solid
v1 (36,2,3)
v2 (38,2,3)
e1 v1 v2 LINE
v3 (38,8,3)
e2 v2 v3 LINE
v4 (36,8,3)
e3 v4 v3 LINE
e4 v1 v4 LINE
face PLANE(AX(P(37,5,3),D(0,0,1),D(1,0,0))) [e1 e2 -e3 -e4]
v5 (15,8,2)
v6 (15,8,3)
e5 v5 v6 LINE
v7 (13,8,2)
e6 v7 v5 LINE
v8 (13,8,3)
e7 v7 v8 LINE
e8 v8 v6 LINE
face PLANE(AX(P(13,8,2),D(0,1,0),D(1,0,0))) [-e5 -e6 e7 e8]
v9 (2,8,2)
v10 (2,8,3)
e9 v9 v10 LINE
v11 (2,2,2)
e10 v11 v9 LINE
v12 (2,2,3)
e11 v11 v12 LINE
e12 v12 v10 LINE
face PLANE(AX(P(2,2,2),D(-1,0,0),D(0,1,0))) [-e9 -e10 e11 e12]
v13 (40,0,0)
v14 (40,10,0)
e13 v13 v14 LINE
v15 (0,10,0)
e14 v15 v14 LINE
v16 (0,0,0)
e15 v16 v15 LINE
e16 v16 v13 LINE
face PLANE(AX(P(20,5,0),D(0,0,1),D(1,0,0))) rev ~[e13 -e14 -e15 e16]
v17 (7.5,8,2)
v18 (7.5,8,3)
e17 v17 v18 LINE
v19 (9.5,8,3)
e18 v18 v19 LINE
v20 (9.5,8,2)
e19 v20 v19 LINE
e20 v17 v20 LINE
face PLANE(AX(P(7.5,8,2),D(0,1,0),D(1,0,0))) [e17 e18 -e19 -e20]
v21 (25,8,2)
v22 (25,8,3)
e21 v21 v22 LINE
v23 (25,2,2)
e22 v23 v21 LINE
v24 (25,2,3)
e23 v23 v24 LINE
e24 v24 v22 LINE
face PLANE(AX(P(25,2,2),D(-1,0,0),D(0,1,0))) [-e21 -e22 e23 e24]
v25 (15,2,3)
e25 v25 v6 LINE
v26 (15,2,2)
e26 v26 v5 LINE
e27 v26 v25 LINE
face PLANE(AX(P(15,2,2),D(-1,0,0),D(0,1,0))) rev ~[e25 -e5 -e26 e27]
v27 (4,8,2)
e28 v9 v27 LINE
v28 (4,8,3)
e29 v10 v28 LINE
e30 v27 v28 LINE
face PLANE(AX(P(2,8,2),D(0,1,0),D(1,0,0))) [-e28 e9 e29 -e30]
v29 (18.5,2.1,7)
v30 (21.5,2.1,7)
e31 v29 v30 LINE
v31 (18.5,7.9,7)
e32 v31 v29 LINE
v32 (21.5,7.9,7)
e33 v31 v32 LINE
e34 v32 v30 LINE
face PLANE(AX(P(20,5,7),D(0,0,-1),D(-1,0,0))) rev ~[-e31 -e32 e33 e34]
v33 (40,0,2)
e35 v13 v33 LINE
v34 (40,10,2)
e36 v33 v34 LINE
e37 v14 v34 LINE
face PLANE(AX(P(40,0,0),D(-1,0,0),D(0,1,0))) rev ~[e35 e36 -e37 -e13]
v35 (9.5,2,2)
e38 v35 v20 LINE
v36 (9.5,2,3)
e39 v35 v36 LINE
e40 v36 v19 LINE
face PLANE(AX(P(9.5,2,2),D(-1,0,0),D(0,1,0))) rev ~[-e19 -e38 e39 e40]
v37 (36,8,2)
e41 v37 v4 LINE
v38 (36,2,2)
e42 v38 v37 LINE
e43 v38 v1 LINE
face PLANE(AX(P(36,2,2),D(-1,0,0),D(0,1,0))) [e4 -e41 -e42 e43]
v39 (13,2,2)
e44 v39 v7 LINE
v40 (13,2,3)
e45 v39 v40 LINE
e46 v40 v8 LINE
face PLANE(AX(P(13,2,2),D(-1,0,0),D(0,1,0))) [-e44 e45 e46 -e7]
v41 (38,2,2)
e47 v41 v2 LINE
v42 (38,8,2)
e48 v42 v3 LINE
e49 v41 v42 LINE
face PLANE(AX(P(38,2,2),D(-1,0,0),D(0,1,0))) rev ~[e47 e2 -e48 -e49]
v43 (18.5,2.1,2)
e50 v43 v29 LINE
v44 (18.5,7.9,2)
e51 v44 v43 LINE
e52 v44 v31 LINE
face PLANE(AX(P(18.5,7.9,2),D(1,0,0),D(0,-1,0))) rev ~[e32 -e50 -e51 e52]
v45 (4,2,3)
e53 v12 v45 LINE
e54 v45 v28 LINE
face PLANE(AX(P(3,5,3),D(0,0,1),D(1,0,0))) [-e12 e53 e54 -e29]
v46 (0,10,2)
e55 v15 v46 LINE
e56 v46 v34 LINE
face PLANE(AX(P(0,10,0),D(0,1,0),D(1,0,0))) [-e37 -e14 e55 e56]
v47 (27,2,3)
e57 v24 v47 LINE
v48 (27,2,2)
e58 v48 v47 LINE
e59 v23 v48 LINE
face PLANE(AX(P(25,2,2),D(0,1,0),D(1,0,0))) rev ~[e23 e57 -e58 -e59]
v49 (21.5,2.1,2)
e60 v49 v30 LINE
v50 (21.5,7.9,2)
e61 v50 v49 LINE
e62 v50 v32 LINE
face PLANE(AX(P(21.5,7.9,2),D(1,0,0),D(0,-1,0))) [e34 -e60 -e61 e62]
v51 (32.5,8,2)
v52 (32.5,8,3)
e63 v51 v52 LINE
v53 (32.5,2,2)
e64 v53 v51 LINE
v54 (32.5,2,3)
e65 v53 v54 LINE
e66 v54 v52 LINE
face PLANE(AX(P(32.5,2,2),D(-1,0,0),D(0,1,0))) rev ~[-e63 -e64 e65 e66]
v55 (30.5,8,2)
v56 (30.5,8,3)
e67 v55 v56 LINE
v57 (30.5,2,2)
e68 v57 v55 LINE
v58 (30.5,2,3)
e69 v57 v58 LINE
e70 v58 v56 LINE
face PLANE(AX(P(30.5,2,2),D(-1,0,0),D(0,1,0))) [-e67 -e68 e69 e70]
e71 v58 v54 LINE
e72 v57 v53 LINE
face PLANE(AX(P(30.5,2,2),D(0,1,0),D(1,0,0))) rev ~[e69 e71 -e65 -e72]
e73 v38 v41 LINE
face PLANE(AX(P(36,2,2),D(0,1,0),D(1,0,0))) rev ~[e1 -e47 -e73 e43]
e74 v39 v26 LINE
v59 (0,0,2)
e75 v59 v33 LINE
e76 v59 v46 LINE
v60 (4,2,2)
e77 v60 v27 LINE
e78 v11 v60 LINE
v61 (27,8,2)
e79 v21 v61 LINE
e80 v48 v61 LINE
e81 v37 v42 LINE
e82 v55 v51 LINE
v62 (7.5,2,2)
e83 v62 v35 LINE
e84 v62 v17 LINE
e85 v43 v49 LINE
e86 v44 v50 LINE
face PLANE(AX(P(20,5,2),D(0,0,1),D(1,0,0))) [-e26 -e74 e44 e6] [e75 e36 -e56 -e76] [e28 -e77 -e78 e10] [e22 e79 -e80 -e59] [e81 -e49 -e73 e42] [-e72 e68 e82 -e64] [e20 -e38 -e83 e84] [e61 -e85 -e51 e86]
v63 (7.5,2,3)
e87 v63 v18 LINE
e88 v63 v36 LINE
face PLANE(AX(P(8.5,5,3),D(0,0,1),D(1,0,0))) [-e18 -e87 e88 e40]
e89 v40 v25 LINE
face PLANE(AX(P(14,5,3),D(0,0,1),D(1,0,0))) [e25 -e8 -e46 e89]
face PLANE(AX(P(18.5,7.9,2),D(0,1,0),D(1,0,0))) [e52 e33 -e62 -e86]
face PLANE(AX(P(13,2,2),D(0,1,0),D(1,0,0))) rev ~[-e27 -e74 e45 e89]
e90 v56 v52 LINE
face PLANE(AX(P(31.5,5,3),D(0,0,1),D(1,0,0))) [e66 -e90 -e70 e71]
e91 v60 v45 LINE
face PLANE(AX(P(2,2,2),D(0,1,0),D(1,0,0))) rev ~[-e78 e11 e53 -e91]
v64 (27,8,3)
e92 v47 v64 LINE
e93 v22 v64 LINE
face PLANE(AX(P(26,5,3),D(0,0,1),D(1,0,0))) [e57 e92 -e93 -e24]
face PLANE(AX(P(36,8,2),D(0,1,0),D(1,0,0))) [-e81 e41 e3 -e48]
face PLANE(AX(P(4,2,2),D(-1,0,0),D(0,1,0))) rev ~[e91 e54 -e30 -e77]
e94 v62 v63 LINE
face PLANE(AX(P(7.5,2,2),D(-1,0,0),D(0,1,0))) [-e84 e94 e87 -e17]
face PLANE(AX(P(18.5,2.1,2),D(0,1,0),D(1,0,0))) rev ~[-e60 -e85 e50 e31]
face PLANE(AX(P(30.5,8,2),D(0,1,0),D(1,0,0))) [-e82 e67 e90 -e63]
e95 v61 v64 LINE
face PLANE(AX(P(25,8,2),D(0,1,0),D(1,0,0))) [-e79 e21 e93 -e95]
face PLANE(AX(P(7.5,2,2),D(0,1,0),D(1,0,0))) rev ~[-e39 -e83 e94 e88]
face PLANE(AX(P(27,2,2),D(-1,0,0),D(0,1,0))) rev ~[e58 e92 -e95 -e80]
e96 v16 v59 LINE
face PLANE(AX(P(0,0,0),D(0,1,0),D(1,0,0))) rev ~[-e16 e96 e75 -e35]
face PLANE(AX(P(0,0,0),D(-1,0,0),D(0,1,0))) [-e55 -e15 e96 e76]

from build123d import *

# Parameters (mm, degrees)
SKETCH_W     = 40
SKETCH_H     = 10
PAD_DEPTH    = 2
PAD001_DEPTH = 5
SKETCH002_W  = 2
SKETCH002_H  = 6
PAD002_DEPTH = 1


with BuildPart() as part:
    # Sketch → Pad (new body)
    with BuildSketch(Plane.XY):
        with Locations((20, 5)):
            Rectangle(SKETCH_W, SKETCH_H)
    extrude(amount=PAD_DEPTH)

    # Sketch001 → Pad001 (new body)
    with BuildSketch(Plane.XY.offset(2)):
        Polygon((18.5, 2.1), (18.5, 5), (18.5, 7.9), (21.5, 7.9), (21.5, 2.1), (20, 2.1), align=None)
    extrude(amount=PAD001_DEPTH)

    # Sketch002 → Pad002 (new body)
    with BuildSketch(Plane.XY.offset(2)):
        with Locations((3, 5)):
            Rectangle(SKETCH002_W, SKETCH002_H)
        with Locations((8.5, 5)):
            Rectangle(SKETCH002_W, SKETCH002_H)
        with Locations((14, 5)):
            Rectangle(SKETCH002_W, SKETCH002_H)
        with Locations((26, 5)):
            Rectangle(SKETCH002_W, SKETCH002_H)
        with Locations((31.5, 5)):
            Rectangle(SKETCH002_W, SKETCH002_H)
        with Locations((37, 5)):
            Rectangle(SKETCH002_W, SKETCH002_H)
    extrude(amount=PAD002_DEPTH)


solid = part.part
